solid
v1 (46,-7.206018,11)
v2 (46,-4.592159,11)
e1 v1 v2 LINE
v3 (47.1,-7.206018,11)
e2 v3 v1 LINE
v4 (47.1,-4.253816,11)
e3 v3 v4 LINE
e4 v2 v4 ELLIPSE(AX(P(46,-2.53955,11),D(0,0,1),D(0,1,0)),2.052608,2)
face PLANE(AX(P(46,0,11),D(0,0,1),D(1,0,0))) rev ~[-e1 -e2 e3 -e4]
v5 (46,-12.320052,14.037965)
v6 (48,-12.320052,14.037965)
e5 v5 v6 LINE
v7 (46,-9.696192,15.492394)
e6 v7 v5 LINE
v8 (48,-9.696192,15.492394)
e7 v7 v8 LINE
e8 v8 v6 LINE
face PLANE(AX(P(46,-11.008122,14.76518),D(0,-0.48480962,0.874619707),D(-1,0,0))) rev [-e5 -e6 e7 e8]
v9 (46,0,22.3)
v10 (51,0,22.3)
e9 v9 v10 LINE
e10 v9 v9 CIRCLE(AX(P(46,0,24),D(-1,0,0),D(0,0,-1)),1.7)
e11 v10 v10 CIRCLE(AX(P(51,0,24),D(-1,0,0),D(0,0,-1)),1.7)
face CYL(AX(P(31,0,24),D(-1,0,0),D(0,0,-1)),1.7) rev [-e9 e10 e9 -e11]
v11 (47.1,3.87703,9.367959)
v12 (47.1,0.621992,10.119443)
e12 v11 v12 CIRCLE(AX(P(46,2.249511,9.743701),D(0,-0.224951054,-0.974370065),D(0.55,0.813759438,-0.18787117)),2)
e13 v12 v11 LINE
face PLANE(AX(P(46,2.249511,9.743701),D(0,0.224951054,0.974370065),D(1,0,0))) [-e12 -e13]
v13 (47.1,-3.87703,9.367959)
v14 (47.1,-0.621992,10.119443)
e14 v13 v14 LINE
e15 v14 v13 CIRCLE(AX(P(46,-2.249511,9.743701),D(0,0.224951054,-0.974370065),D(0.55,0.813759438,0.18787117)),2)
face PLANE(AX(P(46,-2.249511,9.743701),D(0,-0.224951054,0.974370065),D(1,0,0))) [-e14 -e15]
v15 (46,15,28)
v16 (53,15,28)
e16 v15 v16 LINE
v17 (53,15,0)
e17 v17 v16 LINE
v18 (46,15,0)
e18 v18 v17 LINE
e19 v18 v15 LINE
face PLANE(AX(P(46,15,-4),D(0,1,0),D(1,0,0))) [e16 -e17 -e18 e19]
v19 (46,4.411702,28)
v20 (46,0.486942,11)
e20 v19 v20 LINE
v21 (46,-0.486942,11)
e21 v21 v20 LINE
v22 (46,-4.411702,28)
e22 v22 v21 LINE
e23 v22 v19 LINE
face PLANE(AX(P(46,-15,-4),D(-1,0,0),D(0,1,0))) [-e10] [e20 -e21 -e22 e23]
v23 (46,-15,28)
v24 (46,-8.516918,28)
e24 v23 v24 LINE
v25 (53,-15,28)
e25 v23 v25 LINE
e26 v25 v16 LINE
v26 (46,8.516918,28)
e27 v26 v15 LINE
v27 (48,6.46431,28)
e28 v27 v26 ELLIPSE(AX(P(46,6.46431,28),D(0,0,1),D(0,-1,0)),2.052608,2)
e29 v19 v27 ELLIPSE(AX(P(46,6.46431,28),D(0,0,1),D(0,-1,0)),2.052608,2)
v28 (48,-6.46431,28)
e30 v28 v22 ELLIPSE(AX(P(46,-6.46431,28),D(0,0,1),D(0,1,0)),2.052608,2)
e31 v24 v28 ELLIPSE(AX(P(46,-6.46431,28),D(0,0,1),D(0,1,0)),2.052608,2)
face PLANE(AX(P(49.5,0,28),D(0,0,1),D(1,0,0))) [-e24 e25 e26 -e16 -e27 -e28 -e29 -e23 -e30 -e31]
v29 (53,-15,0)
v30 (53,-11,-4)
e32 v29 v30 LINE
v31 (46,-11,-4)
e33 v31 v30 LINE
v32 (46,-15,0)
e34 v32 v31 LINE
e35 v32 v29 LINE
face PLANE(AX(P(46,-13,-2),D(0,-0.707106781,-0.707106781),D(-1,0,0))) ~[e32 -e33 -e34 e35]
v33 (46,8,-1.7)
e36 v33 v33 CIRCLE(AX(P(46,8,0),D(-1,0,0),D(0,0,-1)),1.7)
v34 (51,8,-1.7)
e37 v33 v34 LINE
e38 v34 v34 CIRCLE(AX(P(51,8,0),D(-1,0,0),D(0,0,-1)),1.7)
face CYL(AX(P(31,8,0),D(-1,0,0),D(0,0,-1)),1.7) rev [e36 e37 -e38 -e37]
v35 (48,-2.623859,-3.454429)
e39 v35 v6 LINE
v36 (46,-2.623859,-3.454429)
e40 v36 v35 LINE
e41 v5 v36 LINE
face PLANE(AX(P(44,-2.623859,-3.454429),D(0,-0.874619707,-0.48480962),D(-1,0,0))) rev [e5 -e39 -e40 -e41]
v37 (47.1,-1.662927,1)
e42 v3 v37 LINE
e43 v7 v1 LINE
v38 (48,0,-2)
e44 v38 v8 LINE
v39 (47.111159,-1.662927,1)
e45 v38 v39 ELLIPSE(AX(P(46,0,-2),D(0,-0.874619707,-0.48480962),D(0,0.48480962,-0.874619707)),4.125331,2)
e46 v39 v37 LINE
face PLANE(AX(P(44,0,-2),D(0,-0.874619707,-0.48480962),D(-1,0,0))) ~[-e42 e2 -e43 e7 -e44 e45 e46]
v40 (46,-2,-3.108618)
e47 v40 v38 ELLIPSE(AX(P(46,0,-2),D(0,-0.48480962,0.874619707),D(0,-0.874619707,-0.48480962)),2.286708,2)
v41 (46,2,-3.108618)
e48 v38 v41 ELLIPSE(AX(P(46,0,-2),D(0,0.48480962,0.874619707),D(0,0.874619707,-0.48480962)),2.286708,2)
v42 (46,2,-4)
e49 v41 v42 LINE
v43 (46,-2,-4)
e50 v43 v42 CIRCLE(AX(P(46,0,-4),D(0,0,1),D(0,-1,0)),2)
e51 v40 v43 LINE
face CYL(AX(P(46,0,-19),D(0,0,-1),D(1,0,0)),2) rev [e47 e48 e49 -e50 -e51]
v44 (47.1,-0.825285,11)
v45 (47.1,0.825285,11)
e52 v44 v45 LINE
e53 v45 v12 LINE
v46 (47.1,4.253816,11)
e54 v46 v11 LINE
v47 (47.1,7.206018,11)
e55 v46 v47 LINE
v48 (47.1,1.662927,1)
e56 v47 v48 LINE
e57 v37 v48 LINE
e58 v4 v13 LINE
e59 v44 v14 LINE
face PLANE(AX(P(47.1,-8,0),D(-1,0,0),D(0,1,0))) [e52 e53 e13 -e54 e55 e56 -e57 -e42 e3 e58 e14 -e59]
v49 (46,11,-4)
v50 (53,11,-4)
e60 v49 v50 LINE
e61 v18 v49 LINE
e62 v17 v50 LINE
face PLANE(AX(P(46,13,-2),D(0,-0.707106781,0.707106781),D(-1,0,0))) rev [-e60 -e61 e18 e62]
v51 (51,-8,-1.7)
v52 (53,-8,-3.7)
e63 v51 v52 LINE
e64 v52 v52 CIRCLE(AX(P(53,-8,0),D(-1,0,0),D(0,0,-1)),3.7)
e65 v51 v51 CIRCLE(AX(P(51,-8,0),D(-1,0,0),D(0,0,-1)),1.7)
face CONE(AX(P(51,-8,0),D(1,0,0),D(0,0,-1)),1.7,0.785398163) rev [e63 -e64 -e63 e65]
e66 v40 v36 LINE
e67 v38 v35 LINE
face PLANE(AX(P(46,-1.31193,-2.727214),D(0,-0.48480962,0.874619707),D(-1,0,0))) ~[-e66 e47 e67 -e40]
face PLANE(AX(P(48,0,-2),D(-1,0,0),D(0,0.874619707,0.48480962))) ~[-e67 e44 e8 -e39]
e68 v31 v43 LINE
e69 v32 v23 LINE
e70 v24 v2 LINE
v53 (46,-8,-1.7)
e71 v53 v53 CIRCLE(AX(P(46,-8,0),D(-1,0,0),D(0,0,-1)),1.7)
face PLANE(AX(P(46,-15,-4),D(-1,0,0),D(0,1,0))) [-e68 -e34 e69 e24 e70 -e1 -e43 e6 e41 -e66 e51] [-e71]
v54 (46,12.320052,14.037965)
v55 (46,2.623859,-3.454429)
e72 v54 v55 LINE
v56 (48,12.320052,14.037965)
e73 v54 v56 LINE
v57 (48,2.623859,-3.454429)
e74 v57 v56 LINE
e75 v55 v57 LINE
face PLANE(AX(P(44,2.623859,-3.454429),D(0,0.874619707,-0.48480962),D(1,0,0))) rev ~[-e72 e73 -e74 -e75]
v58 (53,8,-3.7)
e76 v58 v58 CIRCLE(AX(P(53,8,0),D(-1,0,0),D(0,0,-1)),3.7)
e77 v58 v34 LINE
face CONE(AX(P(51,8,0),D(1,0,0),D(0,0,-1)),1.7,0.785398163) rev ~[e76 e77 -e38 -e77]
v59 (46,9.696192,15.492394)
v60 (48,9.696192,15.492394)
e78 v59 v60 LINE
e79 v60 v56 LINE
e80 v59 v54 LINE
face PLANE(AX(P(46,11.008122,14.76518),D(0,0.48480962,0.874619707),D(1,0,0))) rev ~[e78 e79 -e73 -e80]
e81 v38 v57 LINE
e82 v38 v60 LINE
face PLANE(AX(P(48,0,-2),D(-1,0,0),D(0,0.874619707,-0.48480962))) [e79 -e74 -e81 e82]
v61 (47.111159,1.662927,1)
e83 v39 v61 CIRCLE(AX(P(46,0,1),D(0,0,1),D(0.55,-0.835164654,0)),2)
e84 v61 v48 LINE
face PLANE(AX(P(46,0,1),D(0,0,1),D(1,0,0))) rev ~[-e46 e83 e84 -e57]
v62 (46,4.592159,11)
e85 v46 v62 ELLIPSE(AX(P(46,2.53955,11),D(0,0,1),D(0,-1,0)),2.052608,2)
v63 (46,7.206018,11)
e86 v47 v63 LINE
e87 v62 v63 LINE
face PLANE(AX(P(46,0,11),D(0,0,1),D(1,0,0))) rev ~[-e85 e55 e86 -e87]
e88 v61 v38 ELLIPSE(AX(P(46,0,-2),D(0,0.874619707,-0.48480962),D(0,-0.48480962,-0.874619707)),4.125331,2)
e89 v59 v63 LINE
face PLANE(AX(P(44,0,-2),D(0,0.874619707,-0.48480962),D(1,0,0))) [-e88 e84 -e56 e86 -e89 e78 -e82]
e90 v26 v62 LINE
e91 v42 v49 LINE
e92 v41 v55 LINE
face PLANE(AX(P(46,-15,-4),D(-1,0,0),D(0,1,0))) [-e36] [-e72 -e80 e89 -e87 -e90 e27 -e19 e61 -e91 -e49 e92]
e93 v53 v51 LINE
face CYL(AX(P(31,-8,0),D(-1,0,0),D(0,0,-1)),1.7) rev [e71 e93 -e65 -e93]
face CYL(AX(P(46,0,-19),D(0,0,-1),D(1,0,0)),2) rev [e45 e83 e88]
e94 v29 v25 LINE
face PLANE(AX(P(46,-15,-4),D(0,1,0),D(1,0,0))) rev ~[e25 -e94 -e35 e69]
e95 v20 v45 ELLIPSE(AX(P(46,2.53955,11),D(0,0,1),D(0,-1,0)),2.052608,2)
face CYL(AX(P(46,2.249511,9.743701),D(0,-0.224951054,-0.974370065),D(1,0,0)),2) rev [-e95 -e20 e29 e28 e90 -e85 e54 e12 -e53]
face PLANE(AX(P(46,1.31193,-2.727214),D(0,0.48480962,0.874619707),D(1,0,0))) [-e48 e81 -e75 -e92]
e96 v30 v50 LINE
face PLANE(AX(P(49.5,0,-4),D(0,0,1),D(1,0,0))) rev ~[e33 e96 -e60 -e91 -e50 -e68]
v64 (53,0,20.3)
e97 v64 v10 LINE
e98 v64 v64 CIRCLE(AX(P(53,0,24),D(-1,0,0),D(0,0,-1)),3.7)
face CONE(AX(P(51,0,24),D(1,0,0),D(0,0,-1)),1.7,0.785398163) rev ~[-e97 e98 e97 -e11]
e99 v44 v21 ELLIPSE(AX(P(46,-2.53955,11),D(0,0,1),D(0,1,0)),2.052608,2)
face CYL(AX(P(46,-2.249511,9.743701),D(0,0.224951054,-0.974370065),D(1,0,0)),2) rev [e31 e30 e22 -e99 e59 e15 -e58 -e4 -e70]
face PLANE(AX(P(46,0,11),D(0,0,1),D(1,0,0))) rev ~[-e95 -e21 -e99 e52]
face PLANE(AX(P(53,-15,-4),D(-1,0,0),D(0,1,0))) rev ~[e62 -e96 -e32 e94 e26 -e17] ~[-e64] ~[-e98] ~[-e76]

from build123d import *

# Parameters (mm, degrees)
BOX001027045148_W          = 4
BOX001027045148_H          = 3
BOX001027045148_DEPTH      = 20
BOX001027045148_ROLL_ANGLE = -29
BOX001027045147_W          = 4
BOX001027045147_H          = 3
BOX001027045147_DEPTH      = 20
BOX001027045147_ROLL_ANGLE = -29
CYLINDER203_R              = 1.7
CYLINDER203_DEPTH          = 30
CYLINDER203_PITCH_ANGLE    = 90
CYLINDER204_R              = 1.7
CYLINDER204_DEPTH          = 30
CYLINDER204_PITCH_ANGLE    = 90
CYLINDER202_R              = 1.7
CYLINDER202_DEPTH          = 30
CYLINDER202_PITCH_ANGLE    = 90
CYLINDER210_R              = 2
CYLINDER210_DEPTH          = 30
CYLINDER210_ROLL_ANGLE     = 13
CYLINDER209_R              = 2
CYLINDER209_DEPTH          = 30
CYLINDER209_ROLL_ANGLE     = -13
CYLINDER211_R              = 2
CYLINDER211_DEPTH          = 20
BOX001027045145_W          = 2.2
BOX001027045145_H          = 16
BOX001027045145_DEPTH      = 11
CHAMFER010_SIZE            = 7
CHAMFER011_SIZE            = 3
BOX001027045140_W          = 7
BOX001027045140_H          = 30
BOX001027045140_DEPTH      = 32
CHAMFER004_SIZE            = 4
CHAMFER012_SIZE            = 2


with BuildPart() as cube199:
    # Box001027045148 → Box001027045148 (new body)
    with BuildSketch(Plane.XY):
        with Locations((2, 1.5)):
            Rectangle(BOX001027045148_W, BOX001027045148_H)
    extrude(amount=BOX001027045148_DEPTH)


with BuildPart() as cube199_1:
    # Box001027045148 roll: moved
    add(cube199.part.rotate(Axis((0, 0, 0), (1, 0, 0)), BOX001027045148_ROLL_ANGLE))


with BuildPart() as cube199_2:
    # Box001027045148 placement: moved
    add(cube199_1.part.moved(Location((-2, 0, -2))))


with BuildPart() as part_mirroring002:
    # Part__Mirroring002: instance of Cube199
    add(cube199_2.part.mirror(Plane(origin=(0, 0, 0), x_dir=(1, 0, 0), z_dir=(0, 1, 0))))


with BuildPart() as split_holders001:
    # Box001027045147 → Box001027045147 (new body)
    with BuildSketch(Plane.XY):
        with Locations((2, 1.5)):
            Rectangle(BOX001027045147_W, BOX001027045147_H)
    extrude(amount=BOX001027045147_DEPTH)


with BuildPart() as split_holders001_1:
    # Box001027045147 roll: moved
    add(split_holders001.part.rotate(Axis((0, 0, 0), (1, 0, 0)), BOX001027045147_ROLL_ANGLE))


with BuildPart() as split_holders001_2:
    # Box001027045147 placement: moved
    add(split_holders001_1.part.moved(Location((-2, 0, -2))))

    # Fusion112099: union Part__Mirroring002
    add(part_mirroring002.part)


with BuildPart() as m3_clear_a:
    # Cylinder203 → Cylinder203 (new body)
    with BuildSketch(Plane.XY):
        Circle(CYLINDER203_R)
    extrude(amount=CYLINDER203_DEPTH)


with BuildPart() as m3_clear_a_1:
    # Cylinder203 pitch: moved
    add(m3_clear_a.part.rotate(Axis((0, 0, 0), (0, 1, 0)), CYLINDER203_PITCH_ANGLE))


with BuildPart() as m3_clear_a_2:
    # Cylinder203 placement: moved
    add(m3_clear_a_1.part.moved(Location((-15, 8, 0))))


with BuildPart() as m3_clear_b:
    # Cylinder204 → Cylinder204 (new body)
    with BuildSketch(Plane.XY):
        Circle(CYLINDER204_R)
    extrude(amount=CYLINDER204_DEPTH)


with BuildPart() as m3_clear_b_1:
    # Cylinder204 pitch: moved
    add(m3_clear_b.part.rotate(Axis((0, 0, 0), (0, 1, 0)), CYLINDER204_PITCH_ANGLE))


with BuildPart() as m3_clear_b_2:
    # Cylinder204 placement: moved
    add(m3_clear_b_1.part.moved(Location((-15, -8, 0))))


with BuildPart() as m3_clears:
    # Cylinder202 → Cylinder202 (new body)
    with BuildSketch(Plane.XY):
        Circle(CYLINDER202_R)
    extrude(amount=CYLINDER202_DEPTH)


with BuildPart() as m3_clears_1:
    # Cylinder202 pitch: moved
    add(m3_clears.part.rotate(Axis((0, 0, 0), (0, 1, 0)), CYLINDER202_PITCH_ANGLE))


with BuildPart() as m3_clears_2:
    # Cylinder202 placement: moved
    add(m3_clears_1.part.moved(Location((-15, 0, 24))))

    # Fusion112083: union M3-clear-a, M3-clear-b
    add(m3_clear_a_2.part)
    add(m3_clear_b_2.part)


with BuildPart() as cylinder210:
    # Cylinder210 → Cylinder210 (new body)
    with BuildSketch(Plane.XY):
        Circle(CYLINDER210_R)
    extrude(amount=CYLINDER210_DEPTH)


with BuildPart() as cylinder210_1:
    # Cylinder210 roll: moved
    add(cylinder210.part.rotate(Axis((0, 0, 0), (1, 0, 0)), CYLINDER210_ROLL_ANGLE))


with BuildPart() as cylinder210_2:
    # Cylinder210 placement: moved
    add(cylinder210_1.part.moved(Location((0, -2.249511, 9.743701))))


with BuildPart() as cylinder209:
    # Cylinder209 → Cylinder209 (new body)
    with BuildSketch(Plane.XY):
        Circle(CYLINDER209_R)
    extrude(amount=CYLINDER209_DEPTH)


with BuildPart() as cylinder209_1:
    # Cylinder209 roll: moved
    add(cylinder209.part.rotate(Axis((0, 0, 0), (1, 0, 0)), CYLINDER209_ROLL_ANGLE))


with BuildPart() as cylinder209_2:
    # Cylinder209 placement: moved
    add(cylinder209_1.part.moved(Location((0, 2.249511, 9.743701))))


with BuildPart() as cylinder243:
    # Cylinder211 → Cylinder211 (new body)
    with BuildSketch(Plane.XY.offset(-19)):
        Circle(CYLINDER211_R)
    extrude(amount=CYLINDER211_DEPTH)


with BuildPart() as y_top_m3:
    # Box001027045145 → Box001027045145 (new body)
    with BuildSketch(Plane(origin=(-1.1, -8, 0), x_dir=(1, 0, 0), z_dir=(0, 0, 1))):
        with Locations((1.1, 8)):
            Rectangle(BOX001027045145_W, BOX001027045145_H)
    extrude(amount=BOX001027045145_DEPTH)

    # Chamfer010
    chamfer010_edges = [y_top_m3.edges().sort_by_distance(p)[0] for p in [
        (0, -8, 0),
        (0, 8, 0),
    ]]
    chamfer(chamfer010_edges, length=CHAMFER010_SIZE)

    # Chamfer011
    chamfer011_edges = [y_top_m3.edges().sort_by_distance(p)[0] for p in [
        (0, -8, 7),
        (0, 8, 7),
    ]]
    chamfer(chamfer011_edges, length=CHAMFER011_SIZE)

    # Fusion112094: union Cylinder210, Cylinder209, Cylinder243
    add(cylinder210_2.part)
    add(cylinder209_2.part)
    add(cylinder243.part)

    # Fusion112100: union M3-clears
    add(m3_clears_2.part)


with BuildPart() as top:
    # Box001027045140 → Box001027045140 (new body)
    with BuildSketch(Plane(origin=(0, -15, -4), x_dir=(1, 0, 0), z_dir=(0, 0, 1))):
        with Locations((3.5, 15)):
            Rectangle(BOX001027045140_W, BOX001027045140_H)
    extrude(amount=BOX001027045140_DEPTH)

    # Chamfer004
    chamfer004_edges = [top.edges().sort_by_distance(p)[0] for p in [
        (3.5, -15, -4),
        (3.5, 15, -4),
    ]]
    chamfer(chamfer004_edges, length=CHAMFER004_SIZE)

    # Cut162: cut y-top-M3
    add(y_top_m3.part, mode=Mode.SUBTRACT)

    # Cut163: cut split-holders001
    add(split_holders001_2.part, mode=Mode.SUBTRACT)

    # Chamfer012
    chamfer012_edges = [top.edges().sort_by_distance(p)[0] for p in [
        (7, -8, 1.7),
        (7, 0, 25.7),
        (7, 8, 1.7),
    ]]
    chamfer(chamfer012_edges, length=CHAMFER012_SIZE)


with BuildPart() as top_1:
    # Chamfer012 placement: moved
    add(top.part.moved(Location((46, 0, 0))))


solid = top_1.part
